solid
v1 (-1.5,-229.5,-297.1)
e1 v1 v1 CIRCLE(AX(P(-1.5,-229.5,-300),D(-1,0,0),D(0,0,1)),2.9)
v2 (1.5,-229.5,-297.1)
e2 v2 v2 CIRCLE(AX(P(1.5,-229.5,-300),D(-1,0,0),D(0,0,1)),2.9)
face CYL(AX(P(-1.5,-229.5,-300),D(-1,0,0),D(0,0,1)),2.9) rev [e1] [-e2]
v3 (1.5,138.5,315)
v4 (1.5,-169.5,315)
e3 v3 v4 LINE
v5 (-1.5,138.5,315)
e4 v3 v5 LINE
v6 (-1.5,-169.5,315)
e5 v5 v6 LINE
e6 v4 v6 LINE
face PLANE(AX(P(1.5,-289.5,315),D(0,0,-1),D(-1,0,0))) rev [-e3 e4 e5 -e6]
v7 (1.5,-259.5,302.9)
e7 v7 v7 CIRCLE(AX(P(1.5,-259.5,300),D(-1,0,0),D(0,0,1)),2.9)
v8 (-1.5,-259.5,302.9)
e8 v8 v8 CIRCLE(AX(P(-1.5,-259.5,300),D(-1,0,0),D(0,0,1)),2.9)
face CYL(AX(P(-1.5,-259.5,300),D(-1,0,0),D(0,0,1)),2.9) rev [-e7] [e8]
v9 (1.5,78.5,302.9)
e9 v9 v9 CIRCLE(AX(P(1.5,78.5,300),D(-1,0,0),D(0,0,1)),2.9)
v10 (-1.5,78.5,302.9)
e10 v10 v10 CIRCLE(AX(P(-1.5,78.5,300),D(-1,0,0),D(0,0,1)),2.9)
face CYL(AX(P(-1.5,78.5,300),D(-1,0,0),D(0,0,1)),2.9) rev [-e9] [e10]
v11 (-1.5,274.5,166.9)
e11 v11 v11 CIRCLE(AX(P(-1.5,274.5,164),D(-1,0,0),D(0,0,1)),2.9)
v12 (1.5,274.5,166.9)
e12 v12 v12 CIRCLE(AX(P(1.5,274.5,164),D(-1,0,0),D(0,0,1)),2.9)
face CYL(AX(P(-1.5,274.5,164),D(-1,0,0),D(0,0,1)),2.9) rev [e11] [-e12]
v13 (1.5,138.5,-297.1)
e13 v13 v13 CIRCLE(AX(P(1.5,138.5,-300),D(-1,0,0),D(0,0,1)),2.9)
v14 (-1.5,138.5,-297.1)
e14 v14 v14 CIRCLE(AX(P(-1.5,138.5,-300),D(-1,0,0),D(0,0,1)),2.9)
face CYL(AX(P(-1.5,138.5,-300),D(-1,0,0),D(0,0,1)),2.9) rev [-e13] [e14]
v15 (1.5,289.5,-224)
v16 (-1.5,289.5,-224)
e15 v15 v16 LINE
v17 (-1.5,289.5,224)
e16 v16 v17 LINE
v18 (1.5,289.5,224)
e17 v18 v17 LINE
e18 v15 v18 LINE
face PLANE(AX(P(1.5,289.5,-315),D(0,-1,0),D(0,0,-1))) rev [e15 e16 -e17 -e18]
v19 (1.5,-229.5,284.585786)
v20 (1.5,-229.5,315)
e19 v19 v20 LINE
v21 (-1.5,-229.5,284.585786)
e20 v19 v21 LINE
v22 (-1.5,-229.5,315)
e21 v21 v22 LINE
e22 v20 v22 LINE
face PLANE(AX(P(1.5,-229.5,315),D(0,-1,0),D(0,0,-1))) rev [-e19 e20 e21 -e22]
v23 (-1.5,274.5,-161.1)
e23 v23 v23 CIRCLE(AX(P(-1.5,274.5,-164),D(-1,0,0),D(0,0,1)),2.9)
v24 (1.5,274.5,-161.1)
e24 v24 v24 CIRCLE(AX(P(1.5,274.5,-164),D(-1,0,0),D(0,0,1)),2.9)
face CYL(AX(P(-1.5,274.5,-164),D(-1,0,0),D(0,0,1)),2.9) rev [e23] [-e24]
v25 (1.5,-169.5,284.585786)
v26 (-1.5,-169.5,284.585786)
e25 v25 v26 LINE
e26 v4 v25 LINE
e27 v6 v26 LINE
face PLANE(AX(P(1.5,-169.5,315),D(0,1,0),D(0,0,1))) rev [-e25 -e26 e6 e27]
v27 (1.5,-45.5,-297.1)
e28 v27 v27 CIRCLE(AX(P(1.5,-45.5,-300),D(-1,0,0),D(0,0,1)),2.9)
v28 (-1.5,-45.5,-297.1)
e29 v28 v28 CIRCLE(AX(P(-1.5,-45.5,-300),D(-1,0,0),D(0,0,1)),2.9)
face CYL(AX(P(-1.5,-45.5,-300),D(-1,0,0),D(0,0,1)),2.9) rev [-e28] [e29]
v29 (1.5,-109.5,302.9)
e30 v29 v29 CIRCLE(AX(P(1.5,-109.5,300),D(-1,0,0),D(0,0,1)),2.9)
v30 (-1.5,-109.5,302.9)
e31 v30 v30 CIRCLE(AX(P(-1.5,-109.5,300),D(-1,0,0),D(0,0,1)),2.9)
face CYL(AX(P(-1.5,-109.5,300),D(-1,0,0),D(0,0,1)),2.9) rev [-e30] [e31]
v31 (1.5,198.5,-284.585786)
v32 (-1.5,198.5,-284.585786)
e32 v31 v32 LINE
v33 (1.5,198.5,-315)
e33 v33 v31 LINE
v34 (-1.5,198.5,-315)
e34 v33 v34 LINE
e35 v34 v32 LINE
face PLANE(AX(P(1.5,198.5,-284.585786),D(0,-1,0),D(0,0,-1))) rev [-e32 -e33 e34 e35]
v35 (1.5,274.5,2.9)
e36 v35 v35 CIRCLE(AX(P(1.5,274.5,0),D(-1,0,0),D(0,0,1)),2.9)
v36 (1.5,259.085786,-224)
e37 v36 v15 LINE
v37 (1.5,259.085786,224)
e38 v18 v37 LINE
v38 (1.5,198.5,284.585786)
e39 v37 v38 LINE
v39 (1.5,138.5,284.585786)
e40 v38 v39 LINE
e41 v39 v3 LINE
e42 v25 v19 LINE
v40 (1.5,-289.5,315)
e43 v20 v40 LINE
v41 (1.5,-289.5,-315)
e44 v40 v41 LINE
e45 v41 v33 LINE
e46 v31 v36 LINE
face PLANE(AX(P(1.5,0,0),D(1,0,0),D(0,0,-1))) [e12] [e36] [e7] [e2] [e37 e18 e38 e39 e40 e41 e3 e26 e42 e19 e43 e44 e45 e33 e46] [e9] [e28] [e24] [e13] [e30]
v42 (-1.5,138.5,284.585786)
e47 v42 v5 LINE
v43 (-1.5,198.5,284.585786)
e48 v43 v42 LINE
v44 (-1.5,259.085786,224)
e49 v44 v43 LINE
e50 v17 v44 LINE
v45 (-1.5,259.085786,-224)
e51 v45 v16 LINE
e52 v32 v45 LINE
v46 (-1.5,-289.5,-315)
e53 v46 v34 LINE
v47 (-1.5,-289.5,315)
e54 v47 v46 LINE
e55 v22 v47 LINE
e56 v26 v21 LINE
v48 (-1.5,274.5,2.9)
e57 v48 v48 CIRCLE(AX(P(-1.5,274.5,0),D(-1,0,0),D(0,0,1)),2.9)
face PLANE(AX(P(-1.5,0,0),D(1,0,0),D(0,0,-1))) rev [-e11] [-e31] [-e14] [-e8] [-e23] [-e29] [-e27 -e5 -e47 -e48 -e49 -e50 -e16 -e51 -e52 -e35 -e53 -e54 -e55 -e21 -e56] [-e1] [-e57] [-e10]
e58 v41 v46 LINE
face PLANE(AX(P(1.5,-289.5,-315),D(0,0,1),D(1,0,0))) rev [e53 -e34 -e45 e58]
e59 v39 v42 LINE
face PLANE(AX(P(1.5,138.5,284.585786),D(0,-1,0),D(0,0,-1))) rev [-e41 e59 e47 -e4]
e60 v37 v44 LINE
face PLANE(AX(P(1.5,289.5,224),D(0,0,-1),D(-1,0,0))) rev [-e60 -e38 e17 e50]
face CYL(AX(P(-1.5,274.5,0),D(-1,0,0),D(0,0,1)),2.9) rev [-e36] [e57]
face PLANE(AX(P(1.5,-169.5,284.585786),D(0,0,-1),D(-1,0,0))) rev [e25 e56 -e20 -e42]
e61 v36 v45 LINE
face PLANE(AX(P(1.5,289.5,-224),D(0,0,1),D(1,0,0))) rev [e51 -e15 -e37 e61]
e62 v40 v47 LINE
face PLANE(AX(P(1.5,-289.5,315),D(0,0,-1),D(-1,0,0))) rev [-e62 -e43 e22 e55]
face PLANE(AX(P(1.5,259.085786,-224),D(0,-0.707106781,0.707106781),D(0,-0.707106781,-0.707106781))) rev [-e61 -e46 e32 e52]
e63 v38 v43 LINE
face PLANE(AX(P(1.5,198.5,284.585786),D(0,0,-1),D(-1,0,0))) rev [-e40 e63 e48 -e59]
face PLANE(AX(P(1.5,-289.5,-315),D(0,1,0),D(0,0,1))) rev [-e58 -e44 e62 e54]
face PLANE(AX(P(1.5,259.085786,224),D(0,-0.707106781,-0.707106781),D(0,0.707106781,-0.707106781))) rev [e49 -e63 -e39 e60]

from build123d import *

# Parameters (mm, degrees)
SKETCH1_W            = 630
SKETCH1_H            = 579
BOSS_EXTRUDE1_DEPTH  = 1.5
CUT_EXTRUDE1_DEPTH   = 428.836709505
SKETCH3_W            = 30.414213562
SKETCH3_H            = 60
CUT_EXTRUDE2_DEPTH   = 428.836709505
M5_CLEARANCE_HOLE1_D = 5.8


with BuildPart() as part:
    # Sketch1 → Boss-Extrude1 (new, symmetric)
    with BuildSketch(Plane(origin=(0, 0, 0), x_dir=(0, 0, -1), z_dir=(1, 0, 0))):
        Rectangle(SKETCH1_W, SKETCH1_H)
    extrude(amount=BOSS_EXTRUDE1_DEPTH, both=True)

    # Sketch2 → Cut-Extrude1 (cut, through all)
    with BuildSketch(Plane.ZY.offset(1.5)):
        Polygon((-224, 289.5), (-224, 259.085786438), (-284.585786438, 198.5), (-315, 198.5), (-315, 289.5), align=None)
        Polygon((224, 289.5), (224, 259.085786438), (284.585786438, 198.5), (315, 198.5), (315, 289.5), align=None)
    extrude(amount=-CUT_EXTRUDE1_DEPTH, mode=Mode.SUBTRACT)

    # Sketch3 → Cut-Extrude2 (cut, through all)
    with BuildSketch(Plane.ZY.offset(1.5)):
        with Locations((299.792893219, 168.5)):
            Rectangle(SKETCH3_W, SKETCH3_H)
        with Locations((299.792893219, -199.5)):
            Rectangle(SKETCH3_W, SKETCH3_H)
    extrude(amount=-CUT_EXTRUDE2_DEPTH, mode=Mode.SUBTRACT)

    # M5 Clearance Hole1 (through all)
    with Locations(Plane.ZY.offset(1.5)):
        with Locations((-164, 274.5), (0, 274.5), (164, 274.5), (300, 78.5), (300, -109.5), (300, -259.5), (-300, -229.5), (-300, -45.5), (-300, 138.5)):
            Hole(M5_CLEARANCE_HOLE1_D / 2)


solid = part.part
